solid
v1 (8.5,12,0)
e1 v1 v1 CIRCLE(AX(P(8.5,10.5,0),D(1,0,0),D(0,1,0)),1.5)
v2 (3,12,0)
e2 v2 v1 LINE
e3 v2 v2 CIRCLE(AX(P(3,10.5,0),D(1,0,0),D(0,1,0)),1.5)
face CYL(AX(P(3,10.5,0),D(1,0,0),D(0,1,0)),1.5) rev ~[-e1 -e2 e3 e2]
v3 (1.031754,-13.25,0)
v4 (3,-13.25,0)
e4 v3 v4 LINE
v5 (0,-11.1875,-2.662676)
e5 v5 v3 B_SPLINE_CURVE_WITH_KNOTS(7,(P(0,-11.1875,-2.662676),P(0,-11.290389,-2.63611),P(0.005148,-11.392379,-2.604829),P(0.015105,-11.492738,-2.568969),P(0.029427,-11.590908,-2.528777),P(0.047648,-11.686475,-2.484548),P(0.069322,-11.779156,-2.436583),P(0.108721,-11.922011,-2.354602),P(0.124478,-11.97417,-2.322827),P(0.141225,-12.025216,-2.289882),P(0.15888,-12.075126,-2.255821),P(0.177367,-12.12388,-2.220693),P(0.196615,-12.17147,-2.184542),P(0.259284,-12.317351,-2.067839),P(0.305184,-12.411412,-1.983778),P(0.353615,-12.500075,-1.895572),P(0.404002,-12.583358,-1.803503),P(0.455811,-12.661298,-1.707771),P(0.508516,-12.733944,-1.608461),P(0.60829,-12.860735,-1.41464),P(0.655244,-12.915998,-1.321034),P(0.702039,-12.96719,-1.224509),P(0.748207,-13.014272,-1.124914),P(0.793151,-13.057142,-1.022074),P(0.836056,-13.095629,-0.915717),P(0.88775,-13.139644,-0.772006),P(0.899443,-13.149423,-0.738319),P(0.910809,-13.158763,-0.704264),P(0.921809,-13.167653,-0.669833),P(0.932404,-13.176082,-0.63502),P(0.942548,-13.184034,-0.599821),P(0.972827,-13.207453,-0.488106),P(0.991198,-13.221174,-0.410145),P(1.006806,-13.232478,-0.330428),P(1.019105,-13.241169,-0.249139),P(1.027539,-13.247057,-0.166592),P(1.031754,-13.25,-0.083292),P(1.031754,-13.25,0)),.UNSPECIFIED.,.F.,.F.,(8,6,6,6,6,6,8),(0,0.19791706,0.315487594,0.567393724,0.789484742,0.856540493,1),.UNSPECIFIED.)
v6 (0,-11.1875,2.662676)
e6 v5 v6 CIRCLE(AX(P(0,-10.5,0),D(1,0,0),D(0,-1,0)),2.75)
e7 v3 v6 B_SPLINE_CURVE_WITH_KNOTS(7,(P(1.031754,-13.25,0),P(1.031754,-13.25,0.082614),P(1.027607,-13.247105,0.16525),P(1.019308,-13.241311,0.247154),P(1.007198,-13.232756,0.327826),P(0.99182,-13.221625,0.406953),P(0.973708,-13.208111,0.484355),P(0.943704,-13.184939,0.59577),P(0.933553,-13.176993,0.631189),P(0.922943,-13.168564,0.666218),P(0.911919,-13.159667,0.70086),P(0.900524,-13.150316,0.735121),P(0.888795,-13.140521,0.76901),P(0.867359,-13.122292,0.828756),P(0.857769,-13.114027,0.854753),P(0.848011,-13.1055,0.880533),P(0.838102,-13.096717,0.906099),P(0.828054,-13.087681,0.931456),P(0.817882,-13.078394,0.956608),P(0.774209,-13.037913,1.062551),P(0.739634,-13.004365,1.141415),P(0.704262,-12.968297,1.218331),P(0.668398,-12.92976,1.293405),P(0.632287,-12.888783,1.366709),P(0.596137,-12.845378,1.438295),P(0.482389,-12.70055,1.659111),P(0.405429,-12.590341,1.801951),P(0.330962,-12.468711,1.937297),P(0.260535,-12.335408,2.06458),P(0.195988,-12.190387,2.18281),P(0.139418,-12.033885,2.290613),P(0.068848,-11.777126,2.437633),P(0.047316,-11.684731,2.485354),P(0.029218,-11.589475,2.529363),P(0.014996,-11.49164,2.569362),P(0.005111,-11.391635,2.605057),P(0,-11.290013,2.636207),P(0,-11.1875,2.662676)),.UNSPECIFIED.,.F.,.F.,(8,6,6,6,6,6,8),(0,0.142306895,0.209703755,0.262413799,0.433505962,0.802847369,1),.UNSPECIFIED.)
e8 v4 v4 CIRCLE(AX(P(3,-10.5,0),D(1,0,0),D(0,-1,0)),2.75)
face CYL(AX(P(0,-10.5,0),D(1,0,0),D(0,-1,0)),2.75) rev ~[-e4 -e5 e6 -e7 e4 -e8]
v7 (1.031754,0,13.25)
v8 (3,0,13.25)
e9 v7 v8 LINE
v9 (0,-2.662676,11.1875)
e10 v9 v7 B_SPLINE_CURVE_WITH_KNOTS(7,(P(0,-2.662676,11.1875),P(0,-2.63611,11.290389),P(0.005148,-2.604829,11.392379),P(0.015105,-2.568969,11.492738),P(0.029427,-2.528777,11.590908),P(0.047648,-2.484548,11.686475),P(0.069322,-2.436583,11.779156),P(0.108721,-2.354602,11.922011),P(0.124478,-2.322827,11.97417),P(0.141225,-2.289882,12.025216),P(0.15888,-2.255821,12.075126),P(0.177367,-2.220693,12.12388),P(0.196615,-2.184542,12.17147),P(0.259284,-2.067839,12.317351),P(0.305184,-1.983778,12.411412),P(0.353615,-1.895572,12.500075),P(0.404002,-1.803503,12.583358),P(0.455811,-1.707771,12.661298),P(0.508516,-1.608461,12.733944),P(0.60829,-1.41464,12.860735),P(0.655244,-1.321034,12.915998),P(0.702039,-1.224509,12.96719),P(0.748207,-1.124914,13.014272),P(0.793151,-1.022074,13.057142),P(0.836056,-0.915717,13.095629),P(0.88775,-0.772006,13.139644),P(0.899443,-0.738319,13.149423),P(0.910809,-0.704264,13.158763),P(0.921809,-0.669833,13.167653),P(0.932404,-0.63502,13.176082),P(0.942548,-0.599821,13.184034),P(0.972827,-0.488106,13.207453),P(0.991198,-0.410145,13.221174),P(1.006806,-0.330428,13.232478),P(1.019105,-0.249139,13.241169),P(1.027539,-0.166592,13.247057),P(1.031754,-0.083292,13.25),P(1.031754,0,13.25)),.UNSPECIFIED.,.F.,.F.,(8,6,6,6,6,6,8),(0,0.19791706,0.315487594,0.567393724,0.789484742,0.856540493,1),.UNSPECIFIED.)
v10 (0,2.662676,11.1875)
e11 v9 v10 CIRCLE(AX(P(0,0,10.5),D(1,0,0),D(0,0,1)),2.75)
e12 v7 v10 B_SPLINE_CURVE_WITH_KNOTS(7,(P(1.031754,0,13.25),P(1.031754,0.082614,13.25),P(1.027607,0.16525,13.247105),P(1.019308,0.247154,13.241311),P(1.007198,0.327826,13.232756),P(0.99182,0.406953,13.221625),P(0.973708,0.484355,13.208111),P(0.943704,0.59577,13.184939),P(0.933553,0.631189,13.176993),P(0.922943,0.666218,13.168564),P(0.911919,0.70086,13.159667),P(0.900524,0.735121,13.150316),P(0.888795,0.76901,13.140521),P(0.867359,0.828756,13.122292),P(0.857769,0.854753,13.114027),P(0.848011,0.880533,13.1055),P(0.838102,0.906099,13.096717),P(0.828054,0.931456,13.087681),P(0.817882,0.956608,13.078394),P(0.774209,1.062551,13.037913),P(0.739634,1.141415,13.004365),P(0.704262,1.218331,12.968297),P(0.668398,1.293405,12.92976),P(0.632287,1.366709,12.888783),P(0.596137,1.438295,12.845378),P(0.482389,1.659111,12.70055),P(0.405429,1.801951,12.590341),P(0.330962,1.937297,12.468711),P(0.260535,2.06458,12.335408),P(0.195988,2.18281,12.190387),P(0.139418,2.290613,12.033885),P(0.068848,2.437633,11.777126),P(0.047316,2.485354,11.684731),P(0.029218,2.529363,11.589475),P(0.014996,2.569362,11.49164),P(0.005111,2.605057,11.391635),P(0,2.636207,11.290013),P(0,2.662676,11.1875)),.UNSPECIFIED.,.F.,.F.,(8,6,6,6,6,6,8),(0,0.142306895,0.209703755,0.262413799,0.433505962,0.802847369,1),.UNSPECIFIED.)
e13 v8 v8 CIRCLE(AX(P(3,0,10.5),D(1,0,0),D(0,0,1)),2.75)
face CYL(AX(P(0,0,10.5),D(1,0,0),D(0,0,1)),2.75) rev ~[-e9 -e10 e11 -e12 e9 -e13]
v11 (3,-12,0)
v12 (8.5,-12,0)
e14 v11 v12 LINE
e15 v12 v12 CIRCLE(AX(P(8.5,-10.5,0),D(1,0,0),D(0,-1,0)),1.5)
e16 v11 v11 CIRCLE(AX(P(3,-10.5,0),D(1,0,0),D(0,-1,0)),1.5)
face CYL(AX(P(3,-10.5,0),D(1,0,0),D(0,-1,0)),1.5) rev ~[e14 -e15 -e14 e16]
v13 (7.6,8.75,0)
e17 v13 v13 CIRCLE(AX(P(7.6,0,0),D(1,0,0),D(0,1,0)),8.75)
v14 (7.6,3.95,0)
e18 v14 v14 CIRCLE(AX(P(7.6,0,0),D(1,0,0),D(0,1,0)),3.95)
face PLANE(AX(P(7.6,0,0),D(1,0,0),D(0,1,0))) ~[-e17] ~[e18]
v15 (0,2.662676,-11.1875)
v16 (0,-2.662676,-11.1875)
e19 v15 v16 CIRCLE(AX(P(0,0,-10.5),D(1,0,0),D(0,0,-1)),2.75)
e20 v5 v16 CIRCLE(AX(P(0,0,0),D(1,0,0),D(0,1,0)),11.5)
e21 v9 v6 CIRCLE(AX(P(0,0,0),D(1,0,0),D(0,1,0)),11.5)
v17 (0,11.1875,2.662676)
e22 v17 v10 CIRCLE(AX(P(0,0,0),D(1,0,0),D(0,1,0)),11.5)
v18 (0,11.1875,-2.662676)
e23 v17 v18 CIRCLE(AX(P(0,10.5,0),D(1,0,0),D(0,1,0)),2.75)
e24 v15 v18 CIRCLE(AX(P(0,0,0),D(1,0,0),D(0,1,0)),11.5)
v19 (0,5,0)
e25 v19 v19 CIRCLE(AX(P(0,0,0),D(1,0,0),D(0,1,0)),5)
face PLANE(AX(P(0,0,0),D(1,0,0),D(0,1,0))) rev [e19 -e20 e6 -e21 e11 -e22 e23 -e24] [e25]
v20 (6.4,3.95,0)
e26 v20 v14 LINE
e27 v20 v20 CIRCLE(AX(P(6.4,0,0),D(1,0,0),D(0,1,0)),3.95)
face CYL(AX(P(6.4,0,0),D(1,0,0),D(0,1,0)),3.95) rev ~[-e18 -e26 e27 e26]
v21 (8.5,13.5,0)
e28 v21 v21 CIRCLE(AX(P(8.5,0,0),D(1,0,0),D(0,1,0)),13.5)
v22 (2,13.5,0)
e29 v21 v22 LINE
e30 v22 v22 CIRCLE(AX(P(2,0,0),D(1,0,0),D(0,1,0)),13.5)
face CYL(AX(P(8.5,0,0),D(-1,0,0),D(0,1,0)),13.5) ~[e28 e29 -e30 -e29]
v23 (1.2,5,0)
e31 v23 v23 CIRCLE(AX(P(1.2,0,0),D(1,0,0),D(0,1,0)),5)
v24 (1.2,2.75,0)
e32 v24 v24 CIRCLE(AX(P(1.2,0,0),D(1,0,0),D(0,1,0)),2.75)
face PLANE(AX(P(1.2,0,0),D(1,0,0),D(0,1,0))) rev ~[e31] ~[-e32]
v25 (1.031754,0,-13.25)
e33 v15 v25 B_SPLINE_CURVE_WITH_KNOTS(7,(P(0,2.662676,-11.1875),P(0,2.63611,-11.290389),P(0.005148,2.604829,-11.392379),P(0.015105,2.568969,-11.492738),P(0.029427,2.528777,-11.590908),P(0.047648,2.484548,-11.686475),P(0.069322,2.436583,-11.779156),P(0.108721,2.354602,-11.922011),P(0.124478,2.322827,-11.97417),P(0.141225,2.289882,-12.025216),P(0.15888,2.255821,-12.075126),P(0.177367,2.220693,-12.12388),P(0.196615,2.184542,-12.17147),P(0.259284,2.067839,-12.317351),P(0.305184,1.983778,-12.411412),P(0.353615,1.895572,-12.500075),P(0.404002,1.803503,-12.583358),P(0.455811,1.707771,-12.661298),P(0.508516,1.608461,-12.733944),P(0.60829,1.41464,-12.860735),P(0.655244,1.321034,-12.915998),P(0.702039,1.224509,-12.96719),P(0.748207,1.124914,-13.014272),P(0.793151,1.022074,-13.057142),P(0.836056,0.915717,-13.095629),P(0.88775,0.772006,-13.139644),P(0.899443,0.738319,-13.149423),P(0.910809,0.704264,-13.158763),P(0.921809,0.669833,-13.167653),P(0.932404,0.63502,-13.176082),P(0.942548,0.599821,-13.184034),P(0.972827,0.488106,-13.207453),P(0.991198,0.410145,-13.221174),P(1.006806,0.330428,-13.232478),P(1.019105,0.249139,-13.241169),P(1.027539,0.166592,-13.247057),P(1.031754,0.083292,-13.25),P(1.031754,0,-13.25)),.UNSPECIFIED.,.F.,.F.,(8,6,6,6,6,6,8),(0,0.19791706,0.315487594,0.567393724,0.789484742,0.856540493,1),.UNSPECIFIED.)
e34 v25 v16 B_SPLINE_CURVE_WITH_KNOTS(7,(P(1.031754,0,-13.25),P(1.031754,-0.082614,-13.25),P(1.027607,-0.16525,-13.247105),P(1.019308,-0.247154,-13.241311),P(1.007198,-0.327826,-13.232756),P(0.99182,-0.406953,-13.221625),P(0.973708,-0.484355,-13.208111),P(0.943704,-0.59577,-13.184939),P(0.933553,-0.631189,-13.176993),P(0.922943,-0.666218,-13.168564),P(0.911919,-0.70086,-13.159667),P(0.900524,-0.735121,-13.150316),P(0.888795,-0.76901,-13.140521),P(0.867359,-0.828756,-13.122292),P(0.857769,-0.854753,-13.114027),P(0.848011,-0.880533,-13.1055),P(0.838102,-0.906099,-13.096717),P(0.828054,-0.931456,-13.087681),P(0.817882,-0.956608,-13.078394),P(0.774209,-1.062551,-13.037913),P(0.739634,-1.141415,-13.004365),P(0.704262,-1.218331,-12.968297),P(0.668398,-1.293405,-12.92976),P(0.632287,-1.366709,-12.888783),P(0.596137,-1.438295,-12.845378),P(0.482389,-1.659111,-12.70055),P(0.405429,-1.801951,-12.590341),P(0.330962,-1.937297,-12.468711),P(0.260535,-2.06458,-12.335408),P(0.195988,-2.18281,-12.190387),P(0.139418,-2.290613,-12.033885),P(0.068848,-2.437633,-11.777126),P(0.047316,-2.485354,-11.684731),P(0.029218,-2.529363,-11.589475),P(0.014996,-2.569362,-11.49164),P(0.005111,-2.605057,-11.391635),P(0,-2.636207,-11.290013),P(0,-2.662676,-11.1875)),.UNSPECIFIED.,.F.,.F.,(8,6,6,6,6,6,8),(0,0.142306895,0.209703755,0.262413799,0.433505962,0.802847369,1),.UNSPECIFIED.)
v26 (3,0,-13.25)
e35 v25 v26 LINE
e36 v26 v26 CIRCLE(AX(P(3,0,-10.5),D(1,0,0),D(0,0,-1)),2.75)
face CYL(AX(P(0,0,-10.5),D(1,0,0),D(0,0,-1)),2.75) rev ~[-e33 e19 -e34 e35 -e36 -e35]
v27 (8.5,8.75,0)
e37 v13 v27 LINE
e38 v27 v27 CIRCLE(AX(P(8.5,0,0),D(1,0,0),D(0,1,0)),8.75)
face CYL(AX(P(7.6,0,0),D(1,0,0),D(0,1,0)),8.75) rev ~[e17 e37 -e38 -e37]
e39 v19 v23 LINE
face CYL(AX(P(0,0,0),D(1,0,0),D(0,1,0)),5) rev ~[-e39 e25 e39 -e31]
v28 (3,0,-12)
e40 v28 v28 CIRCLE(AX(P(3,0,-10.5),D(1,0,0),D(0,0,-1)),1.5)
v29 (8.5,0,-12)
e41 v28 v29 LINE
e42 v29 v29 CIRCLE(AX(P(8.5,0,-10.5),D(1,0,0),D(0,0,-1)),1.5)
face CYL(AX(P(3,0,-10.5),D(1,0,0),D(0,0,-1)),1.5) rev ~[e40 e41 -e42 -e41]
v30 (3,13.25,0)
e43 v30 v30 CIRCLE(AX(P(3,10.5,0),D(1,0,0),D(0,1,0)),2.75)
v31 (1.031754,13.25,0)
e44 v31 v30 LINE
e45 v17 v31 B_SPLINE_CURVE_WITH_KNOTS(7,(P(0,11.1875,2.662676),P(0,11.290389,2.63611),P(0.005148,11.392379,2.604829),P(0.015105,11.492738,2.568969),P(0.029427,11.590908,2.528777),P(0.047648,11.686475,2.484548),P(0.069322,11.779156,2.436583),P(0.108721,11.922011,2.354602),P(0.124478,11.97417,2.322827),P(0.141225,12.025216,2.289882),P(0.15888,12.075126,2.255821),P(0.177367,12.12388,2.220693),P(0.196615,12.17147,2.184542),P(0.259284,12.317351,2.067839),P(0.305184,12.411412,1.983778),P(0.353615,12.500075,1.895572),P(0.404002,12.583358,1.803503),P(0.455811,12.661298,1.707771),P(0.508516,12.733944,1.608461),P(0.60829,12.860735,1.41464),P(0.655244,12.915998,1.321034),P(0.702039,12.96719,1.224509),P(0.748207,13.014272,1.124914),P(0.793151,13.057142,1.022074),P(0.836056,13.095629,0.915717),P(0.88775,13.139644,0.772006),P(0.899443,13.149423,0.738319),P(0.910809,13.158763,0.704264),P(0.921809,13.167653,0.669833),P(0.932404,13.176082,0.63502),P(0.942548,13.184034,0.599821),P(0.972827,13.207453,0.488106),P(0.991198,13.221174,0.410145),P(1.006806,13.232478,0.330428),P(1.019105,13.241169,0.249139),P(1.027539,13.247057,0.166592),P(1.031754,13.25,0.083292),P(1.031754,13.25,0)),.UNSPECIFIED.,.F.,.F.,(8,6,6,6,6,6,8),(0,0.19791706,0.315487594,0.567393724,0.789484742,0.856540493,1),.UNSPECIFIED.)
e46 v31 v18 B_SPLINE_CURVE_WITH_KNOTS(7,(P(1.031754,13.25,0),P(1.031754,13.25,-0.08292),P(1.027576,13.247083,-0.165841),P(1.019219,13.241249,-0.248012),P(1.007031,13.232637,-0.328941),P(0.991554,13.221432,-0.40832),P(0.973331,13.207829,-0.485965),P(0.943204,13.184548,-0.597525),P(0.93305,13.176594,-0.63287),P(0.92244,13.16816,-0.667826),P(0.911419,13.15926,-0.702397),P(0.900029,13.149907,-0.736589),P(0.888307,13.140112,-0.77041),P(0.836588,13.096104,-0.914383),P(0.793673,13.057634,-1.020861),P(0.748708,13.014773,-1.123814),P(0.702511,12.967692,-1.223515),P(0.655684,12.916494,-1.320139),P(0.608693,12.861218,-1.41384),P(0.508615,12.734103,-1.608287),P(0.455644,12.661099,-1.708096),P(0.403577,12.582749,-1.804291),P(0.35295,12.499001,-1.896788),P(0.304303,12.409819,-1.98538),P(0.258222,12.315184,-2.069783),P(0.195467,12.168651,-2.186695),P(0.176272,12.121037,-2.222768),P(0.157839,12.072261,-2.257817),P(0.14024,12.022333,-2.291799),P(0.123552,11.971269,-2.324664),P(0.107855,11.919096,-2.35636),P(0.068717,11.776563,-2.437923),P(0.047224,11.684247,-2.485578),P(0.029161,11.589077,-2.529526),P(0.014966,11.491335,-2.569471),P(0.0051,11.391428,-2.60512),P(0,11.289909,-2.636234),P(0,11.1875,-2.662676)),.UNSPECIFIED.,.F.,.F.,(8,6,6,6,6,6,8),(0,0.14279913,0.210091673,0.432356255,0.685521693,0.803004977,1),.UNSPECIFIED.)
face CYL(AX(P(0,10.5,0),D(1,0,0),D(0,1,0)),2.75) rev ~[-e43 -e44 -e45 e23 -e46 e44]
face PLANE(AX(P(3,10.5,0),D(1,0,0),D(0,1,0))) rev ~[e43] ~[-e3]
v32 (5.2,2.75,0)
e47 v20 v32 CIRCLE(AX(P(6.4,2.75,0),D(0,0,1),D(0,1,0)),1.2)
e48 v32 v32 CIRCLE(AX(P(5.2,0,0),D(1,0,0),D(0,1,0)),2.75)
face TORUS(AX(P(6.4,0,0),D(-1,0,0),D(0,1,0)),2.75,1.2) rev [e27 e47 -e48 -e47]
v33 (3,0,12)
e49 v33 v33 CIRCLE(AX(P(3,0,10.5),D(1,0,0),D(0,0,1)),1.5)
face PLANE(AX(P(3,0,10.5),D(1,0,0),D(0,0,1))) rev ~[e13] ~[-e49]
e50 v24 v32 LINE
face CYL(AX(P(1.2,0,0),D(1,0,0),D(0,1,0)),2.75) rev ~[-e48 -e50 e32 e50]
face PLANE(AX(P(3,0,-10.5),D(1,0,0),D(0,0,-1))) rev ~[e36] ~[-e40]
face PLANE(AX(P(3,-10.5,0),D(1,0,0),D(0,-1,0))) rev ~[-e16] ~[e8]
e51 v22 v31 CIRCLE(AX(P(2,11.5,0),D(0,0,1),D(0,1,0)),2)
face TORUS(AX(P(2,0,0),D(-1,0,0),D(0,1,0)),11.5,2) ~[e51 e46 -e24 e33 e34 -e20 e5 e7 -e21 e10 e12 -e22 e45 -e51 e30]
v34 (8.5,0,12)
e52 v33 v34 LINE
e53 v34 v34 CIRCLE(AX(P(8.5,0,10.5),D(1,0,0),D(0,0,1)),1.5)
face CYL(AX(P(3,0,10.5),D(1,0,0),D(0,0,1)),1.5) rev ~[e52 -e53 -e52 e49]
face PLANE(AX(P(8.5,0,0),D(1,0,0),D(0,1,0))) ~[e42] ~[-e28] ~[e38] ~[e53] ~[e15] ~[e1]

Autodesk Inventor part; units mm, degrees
ref_plane "YZ-Ebene" through (0, 0, 0) normal (1, 0, 0) x (0, 1, 0)
ref_plane "XZ-Ebene" through (0, 0, 0) normal (0, 1, 0) x (-1, 0, 0)
ref_plane "XY-Ebene" through (0, 0, 0) normal (0, 0, 1) x (1, 0, 0)
sketch "Skizze1" plane through (0, 0, 0) normal (0, 0, 1) x (1, 0, 0)
  line L0 (-2.1971, 0) -> (10.2828, 0) projected
  line L1 (0, -2.7828) -> (0, 16.6971) projected
  line L2 (0, 5) -> (1.2, 5)
  line L3 (1.2, 5) -> (1.2, 2.75)
  line L4 (1.2, 2.75) -> (5.2, 2.75)
  arc A0 (6.4, 3.95) -> (5.2, 2.75) centre (6.4, 2.75) ccw
  line L5 (6.4, 3.95) -> (7.6, 3.95)
  line L6 (7.6, 3.95) -> (7.6, 8.75)
  line L7 (7.6, 8.75) -> (8.5, 8.75)
  line L8 (8.5, 8.75) -> (8.5, 13.5)
  line L9 (8.5, 13.5) -> (2, 13.5)
  arc A1 (2, 13.5) -> (0, 11.5) centre (2, 11.5) ccw
  line L10 (0, 11.5) -> (0, 5)
  point P0 (0, 0)
  dimension "d6" = 2.75
  dimension "d7" = 5
  dimension "d8" = 8.75
  dimension "d9" = 13.5
  dimension "d10" = 1.2
  dimension "d11" = 2.4
  dimension "d12" = 0.9
  dimension "d13" = 1.2
  dimension "d14" = 2
  dimension "d15" = 8.5
revolve "Umdrehung1" add sketch "Skizze1" angle 360 about axis through (-10, 0, 0) along (1, 0, 0)
sketch "Skizze2" plane through (0, 0, 0) normal (-1, 0, 0) x (0, 0, 1)
  circle A0 centre (0, 0) radius 5 projected
  line L0 (-18.9, 0) -> (18.9, 0) projected
  circle A1 centre (0, 0) radius 5 projected
  circle A2 centre (0, 0) radius 11.5 projected
  point P0 (10.5, 0)
  dimension "d18" = 10.5
hole "Bohrung1" at (0, 0, 10.5) direction (1, 0, 0) diameter 3 end through all counterbore diameter 5.5 counterbore depth 3
pattern_circular "Runde Anordnung1" count 4 over 360 about axis through (3.2, 0, 0) along (-1, 0, 0) of "Bohrung1"
thread "Gewinde1" size "M6x0.5" class "6H" standard "ISO Metric profile" length 7
properties part number "Zylinderkopf_ra8846s" material "Stahl, Guss"
